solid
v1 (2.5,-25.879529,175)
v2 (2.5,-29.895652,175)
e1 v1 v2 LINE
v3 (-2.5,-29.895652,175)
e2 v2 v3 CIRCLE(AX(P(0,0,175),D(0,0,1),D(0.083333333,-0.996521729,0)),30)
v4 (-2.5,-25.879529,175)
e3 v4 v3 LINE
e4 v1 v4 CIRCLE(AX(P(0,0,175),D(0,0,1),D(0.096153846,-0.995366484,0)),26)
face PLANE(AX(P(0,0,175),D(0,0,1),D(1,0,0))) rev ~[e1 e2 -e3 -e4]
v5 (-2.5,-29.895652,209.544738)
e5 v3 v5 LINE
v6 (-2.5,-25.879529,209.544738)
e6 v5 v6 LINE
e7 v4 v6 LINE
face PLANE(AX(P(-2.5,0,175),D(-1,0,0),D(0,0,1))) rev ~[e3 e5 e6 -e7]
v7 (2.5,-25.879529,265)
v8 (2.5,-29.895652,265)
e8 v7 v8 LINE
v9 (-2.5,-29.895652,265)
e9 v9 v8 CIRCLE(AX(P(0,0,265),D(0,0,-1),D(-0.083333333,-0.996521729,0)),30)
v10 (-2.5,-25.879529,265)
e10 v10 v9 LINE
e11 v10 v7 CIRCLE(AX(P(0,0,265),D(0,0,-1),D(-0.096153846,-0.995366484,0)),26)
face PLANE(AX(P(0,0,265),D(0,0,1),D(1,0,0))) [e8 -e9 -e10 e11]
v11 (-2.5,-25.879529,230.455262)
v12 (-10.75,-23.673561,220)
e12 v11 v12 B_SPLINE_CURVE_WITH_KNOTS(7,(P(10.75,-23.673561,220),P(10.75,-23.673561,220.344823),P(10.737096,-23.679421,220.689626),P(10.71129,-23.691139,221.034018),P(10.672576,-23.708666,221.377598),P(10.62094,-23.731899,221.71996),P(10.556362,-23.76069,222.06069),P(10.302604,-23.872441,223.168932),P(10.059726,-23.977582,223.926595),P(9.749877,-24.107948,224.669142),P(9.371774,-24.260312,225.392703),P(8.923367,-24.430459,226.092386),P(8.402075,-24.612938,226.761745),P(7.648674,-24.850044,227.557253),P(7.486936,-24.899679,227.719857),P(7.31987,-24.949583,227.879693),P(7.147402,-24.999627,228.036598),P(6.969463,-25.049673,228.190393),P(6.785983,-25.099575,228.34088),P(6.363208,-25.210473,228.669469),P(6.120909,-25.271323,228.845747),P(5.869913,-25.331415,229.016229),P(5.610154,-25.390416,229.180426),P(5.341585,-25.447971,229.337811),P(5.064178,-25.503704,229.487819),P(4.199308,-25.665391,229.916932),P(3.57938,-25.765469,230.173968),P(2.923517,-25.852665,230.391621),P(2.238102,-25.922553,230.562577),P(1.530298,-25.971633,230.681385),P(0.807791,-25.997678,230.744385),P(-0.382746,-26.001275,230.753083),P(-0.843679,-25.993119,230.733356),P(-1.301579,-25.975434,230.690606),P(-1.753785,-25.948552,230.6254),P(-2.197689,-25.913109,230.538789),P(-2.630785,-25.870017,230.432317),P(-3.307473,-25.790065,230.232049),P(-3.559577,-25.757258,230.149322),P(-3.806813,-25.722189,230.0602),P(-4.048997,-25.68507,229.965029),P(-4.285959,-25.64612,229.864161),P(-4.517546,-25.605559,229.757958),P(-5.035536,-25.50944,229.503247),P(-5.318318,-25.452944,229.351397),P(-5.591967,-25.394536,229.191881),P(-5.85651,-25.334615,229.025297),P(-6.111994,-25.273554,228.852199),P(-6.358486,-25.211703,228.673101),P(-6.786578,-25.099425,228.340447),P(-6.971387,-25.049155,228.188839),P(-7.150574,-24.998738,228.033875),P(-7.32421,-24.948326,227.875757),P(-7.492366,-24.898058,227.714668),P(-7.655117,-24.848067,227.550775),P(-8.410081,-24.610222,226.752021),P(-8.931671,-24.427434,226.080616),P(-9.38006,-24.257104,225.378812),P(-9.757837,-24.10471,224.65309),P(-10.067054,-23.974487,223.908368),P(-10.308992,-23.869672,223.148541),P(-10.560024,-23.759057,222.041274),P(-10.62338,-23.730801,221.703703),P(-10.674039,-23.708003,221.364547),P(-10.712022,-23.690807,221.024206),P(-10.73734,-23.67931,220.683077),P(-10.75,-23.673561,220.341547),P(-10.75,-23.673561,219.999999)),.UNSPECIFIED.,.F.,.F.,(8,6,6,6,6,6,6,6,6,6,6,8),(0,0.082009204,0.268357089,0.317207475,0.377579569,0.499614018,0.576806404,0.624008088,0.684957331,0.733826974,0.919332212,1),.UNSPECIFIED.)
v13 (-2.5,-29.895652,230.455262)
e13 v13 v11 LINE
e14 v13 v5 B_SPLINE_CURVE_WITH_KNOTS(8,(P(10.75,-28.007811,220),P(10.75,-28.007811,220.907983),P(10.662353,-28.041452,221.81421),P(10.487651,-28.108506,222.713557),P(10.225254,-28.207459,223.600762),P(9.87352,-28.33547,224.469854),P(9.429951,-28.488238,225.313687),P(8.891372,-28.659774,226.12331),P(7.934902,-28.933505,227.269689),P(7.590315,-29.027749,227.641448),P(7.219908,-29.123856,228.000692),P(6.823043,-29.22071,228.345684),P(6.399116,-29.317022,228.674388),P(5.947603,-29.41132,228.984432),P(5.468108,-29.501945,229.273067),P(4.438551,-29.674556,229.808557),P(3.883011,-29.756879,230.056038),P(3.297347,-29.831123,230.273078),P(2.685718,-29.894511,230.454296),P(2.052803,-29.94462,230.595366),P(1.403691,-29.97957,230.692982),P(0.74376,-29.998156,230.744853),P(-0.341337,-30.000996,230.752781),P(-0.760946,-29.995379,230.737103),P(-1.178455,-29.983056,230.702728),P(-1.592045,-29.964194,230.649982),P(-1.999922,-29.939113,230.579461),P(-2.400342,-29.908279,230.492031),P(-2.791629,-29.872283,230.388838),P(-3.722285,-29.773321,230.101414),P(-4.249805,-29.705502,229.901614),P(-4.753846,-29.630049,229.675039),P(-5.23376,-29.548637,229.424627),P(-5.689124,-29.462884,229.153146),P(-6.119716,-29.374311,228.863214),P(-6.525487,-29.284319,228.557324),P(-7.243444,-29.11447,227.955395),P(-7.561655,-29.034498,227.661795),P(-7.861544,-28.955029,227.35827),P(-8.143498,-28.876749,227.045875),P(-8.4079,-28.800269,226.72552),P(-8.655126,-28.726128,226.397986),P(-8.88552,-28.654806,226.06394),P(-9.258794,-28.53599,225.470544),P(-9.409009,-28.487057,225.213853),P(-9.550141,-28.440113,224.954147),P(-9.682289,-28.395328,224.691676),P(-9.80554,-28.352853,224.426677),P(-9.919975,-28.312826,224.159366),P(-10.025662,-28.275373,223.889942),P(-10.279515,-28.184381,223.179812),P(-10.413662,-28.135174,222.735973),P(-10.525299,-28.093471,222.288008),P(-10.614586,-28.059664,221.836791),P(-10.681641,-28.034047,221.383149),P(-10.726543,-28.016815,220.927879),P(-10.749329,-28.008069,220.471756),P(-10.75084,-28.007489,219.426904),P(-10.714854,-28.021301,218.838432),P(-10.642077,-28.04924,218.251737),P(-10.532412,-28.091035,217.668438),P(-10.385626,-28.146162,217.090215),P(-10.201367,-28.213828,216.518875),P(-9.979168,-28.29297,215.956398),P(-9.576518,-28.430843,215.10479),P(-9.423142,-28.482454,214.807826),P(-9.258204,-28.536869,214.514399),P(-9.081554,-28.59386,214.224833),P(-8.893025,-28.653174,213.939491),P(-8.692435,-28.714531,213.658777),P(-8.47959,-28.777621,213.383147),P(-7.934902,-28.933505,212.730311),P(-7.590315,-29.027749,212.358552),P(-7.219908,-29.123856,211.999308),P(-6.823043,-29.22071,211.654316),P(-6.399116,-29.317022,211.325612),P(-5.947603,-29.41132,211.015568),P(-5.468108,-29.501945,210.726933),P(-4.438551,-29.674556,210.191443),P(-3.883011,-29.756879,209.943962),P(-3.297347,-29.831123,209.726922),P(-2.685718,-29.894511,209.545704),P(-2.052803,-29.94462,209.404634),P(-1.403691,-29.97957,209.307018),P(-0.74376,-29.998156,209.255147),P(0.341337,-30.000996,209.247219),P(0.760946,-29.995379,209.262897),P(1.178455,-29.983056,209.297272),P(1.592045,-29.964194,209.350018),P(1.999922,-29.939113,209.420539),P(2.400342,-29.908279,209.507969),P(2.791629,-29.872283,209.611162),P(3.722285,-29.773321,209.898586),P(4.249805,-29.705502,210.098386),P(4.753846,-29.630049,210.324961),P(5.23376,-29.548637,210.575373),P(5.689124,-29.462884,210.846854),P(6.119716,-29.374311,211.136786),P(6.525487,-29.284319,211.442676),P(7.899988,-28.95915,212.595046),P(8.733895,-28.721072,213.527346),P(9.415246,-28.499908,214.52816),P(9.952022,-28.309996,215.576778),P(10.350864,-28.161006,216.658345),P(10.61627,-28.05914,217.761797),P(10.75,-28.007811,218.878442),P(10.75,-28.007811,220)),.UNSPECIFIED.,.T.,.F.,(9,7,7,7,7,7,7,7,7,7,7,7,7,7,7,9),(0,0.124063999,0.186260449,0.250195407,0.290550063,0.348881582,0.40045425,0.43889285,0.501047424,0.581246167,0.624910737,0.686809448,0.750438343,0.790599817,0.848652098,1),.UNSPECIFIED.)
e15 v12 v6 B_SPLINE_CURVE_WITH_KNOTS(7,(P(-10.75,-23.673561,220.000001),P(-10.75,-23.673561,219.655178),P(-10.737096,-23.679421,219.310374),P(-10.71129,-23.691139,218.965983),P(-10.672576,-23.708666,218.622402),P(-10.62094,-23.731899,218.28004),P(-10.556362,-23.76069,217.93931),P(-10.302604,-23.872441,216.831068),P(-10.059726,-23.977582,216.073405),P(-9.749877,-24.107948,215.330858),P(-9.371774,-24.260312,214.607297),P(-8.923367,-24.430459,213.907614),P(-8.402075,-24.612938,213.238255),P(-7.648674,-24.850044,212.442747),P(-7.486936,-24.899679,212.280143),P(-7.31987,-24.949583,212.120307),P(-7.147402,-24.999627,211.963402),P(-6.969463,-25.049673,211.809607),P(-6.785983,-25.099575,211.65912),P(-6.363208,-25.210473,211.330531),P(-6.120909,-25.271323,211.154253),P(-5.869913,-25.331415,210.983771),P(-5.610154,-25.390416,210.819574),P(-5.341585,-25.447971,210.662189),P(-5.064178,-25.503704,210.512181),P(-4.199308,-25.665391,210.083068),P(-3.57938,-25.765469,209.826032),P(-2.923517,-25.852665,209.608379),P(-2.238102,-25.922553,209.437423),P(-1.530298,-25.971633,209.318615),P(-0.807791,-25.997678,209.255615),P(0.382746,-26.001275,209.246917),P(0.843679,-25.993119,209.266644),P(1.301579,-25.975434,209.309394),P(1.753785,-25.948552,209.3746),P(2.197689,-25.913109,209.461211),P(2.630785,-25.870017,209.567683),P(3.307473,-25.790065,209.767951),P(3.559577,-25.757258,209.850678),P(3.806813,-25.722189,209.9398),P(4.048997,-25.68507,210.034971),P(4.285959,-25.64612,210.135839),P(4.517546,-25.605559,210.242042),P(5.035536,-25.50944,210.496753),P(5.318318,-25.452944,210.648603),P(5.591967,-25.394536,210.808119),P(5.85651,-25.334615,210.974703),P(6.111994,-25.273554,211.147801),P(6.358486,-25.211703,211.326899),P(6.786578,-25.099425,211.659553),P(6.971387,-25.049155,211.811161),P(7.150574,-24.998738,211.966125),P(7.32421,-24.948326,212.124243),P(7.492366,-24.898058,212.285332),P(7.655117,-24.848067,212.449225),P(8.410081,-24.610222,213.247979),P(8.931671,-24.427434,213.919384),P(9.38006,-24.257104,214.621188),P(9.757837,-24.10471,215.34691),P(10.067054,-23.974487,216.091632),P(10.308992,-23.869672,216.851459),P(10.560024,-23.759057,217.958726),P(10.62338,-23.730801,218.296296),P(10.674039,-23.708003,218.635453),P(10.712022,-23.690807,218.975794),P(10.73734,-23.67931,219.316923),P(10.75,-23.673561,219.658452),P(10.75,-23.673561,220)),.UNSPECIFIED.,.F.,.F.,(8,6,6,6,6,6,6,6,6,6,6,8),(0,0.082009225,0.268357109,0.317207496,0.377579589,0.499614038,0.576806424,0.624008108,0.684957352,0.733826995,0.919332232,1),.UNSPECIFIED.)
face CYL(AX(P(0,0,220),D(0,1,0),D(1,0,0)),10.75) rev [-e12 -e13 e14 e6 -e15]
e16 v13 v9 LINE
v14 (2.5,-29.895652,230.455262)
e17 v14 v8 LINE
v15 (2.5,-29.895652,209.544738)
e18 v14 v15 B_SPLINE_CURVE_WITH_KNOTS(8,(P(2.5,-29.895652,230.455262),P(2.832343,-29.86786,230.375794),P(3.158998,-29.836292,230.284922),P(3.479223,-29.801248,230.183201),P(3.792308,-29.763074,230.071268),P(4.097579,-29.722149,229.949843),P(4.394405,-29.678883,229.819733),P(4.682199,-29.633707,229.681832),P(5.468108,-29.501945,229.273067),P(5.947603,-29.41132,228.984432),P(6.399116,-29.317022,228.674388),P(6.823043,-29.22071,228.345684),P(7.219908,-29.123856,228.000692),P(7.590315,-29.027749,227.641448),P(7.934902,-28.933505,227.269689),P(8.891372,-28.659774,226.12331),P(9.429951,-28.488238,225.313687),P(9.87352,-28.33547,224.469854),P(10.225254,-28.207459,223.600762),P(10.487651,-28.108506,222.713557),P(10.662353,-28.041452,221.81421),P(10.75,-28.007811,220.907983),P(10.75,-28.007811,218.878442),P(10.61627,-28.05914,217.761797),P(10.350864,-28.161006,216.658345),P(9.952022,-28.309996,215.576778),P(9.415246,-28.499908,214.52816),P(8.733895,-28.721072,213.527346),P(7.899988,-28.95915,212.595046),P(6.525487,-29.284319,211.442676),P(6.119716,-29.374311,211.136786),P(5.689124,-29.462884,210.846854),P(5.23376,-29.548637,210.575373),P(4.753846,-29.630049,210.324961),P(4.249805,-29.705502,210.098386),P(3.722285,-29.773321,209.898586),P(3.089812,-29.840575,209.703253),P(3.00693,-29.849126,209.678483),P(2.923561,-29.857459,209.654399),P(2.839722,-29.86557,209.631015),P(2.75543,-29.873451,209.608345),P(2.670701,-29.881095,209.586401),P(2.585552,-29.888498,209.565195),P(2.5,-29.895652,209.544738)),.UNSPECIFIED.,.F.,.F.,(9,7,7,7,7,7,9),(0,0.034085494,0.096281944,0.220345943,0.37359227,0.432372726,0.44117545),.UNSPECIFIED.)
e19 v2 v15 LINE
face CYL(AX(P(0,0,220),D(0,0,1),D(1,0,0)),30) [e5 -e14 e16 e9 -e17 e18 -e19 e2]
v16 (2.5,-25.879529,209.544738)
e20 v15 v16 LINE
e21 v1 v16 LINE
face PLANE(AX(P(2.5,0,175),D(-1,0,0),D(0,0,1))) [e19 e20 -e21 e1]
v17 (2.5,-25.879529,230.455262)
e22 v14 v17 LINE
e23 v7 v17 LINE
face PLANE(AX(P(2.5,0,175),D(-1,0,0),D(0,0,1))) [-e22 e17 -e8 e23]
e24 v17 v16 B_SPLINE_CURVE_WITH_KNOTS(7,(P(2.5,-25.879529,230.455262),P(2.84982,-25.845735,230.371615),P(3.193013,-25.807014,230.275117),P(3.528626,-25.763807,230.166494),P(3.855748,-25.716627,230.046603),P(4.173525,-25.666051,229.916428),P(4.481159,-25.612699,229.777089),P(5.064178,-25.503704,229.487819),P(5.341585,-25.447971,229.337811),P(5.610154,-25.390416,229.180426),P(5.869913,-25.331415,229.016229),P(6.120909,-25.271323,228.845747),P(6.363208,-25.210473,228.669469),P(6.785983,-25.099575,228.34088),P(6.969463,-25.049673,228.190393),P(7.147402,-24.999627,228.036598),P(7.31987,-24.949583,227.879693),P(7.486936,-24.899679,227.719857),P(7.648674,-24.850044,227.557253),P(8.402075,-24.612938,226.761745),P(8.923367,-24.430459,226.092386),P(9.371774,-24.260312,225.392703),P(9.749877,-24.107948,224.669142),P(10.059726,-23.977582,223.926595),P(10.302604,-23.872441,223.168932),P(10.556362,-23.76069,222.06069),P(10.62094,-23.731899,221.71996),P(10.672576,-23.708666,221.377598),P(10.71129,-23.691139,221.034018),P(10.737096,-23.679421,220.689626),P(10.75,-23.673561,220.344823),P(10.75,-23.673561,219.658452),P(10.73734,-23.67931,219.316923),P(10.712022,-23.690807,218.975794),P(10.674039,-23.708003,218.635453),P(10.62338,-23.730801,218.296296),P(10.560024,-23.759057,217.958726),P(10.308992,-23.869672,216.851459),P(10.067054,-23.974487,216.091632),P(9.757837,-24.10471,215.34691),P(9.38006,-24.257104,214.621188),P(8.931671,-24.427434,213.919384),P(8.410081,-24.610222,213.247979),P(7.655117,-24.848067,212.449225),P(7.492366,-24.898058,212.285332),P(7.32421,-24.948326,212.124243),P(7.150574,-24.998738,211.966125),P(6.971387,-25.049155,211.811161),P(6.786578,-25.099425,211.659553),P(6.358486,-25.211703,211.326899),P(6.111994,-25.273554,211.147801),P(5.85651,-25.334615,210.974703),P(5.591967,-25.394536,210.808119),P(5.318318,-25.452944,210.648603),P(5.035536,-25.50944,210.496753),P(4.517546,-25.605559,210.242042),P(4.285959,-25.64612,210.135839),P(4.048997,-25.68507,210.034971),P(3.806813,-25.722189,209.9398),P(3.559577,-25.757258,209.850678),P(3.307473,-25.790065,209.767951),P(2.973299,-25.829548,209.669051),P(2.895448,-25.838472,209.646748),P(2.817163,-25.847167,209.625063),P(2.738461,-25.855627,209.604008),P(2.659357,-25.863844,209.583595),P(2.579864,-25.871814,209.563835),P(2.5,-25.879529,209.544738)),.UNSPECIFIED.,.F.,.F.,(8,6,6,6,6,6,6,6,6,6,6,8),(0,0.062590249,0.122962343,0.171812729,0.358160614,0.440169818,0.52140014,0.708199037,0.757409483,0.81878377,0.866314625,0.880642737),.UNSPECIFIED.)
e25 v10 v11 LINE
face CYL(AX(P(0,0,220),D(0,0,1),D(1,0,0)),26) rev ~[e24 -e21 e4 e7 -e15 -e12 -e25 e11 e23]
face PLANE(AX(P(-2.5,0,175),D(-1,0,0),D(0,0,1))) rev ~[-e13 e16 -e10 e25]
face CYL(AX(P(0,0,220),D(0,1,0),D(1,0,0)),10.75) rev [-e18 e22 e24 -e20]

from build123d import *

# Parameters (mm, degrees)
SKETCH037_R       = 30
SKETCH037_R_2     = 26
PAD018_DEPTH      = 45
PAD018_DEPTH_BACK = 45
SKETCH038_R       = 10.75
POCKET020_DEPTH   = 30.001
SKETCH053_W       = 5
SKETCH053_H       = 90
POCKET025_DEPTH   = 30.001


with BuildPart() as part:
    # Sketch037 → Pad018 (new body, two sides)
    with BuildSketch(Plane.XY) as pad018_sk:
        Circle(SKETCH037_R)
        Circle(SKETCH037_R_2, mode=Mode.SUBTRACT)
    extrude(amount=PAD018_DEPTH)
    extrude(pad018_sk.sketch, amount=-PAD018_DEPTH_BACK)

    # Sketch038 → Pocket020 (cut, through all)
    with BuildSketch(Plane.XZ):
        Circle(SKETCH038_R)
    extrude(amount=POCKET020_DEPTH, mode=Mode.SUBTRACT)

    # Sketch053 → Pocket025 (cut, through all)
    with BuildSketch(Plane.XZ):
        Rectangle(SKETCH053_W, SKETCH053_H)
    extrude(amount=POCKET025_DEPTH, mode=Mode.SUBTRACT)


with BuildPart() as part_1:
    # Body016 placement: moved
    add(part.part.moved(Location((0, 0, 220))))


solid = part_1.part
